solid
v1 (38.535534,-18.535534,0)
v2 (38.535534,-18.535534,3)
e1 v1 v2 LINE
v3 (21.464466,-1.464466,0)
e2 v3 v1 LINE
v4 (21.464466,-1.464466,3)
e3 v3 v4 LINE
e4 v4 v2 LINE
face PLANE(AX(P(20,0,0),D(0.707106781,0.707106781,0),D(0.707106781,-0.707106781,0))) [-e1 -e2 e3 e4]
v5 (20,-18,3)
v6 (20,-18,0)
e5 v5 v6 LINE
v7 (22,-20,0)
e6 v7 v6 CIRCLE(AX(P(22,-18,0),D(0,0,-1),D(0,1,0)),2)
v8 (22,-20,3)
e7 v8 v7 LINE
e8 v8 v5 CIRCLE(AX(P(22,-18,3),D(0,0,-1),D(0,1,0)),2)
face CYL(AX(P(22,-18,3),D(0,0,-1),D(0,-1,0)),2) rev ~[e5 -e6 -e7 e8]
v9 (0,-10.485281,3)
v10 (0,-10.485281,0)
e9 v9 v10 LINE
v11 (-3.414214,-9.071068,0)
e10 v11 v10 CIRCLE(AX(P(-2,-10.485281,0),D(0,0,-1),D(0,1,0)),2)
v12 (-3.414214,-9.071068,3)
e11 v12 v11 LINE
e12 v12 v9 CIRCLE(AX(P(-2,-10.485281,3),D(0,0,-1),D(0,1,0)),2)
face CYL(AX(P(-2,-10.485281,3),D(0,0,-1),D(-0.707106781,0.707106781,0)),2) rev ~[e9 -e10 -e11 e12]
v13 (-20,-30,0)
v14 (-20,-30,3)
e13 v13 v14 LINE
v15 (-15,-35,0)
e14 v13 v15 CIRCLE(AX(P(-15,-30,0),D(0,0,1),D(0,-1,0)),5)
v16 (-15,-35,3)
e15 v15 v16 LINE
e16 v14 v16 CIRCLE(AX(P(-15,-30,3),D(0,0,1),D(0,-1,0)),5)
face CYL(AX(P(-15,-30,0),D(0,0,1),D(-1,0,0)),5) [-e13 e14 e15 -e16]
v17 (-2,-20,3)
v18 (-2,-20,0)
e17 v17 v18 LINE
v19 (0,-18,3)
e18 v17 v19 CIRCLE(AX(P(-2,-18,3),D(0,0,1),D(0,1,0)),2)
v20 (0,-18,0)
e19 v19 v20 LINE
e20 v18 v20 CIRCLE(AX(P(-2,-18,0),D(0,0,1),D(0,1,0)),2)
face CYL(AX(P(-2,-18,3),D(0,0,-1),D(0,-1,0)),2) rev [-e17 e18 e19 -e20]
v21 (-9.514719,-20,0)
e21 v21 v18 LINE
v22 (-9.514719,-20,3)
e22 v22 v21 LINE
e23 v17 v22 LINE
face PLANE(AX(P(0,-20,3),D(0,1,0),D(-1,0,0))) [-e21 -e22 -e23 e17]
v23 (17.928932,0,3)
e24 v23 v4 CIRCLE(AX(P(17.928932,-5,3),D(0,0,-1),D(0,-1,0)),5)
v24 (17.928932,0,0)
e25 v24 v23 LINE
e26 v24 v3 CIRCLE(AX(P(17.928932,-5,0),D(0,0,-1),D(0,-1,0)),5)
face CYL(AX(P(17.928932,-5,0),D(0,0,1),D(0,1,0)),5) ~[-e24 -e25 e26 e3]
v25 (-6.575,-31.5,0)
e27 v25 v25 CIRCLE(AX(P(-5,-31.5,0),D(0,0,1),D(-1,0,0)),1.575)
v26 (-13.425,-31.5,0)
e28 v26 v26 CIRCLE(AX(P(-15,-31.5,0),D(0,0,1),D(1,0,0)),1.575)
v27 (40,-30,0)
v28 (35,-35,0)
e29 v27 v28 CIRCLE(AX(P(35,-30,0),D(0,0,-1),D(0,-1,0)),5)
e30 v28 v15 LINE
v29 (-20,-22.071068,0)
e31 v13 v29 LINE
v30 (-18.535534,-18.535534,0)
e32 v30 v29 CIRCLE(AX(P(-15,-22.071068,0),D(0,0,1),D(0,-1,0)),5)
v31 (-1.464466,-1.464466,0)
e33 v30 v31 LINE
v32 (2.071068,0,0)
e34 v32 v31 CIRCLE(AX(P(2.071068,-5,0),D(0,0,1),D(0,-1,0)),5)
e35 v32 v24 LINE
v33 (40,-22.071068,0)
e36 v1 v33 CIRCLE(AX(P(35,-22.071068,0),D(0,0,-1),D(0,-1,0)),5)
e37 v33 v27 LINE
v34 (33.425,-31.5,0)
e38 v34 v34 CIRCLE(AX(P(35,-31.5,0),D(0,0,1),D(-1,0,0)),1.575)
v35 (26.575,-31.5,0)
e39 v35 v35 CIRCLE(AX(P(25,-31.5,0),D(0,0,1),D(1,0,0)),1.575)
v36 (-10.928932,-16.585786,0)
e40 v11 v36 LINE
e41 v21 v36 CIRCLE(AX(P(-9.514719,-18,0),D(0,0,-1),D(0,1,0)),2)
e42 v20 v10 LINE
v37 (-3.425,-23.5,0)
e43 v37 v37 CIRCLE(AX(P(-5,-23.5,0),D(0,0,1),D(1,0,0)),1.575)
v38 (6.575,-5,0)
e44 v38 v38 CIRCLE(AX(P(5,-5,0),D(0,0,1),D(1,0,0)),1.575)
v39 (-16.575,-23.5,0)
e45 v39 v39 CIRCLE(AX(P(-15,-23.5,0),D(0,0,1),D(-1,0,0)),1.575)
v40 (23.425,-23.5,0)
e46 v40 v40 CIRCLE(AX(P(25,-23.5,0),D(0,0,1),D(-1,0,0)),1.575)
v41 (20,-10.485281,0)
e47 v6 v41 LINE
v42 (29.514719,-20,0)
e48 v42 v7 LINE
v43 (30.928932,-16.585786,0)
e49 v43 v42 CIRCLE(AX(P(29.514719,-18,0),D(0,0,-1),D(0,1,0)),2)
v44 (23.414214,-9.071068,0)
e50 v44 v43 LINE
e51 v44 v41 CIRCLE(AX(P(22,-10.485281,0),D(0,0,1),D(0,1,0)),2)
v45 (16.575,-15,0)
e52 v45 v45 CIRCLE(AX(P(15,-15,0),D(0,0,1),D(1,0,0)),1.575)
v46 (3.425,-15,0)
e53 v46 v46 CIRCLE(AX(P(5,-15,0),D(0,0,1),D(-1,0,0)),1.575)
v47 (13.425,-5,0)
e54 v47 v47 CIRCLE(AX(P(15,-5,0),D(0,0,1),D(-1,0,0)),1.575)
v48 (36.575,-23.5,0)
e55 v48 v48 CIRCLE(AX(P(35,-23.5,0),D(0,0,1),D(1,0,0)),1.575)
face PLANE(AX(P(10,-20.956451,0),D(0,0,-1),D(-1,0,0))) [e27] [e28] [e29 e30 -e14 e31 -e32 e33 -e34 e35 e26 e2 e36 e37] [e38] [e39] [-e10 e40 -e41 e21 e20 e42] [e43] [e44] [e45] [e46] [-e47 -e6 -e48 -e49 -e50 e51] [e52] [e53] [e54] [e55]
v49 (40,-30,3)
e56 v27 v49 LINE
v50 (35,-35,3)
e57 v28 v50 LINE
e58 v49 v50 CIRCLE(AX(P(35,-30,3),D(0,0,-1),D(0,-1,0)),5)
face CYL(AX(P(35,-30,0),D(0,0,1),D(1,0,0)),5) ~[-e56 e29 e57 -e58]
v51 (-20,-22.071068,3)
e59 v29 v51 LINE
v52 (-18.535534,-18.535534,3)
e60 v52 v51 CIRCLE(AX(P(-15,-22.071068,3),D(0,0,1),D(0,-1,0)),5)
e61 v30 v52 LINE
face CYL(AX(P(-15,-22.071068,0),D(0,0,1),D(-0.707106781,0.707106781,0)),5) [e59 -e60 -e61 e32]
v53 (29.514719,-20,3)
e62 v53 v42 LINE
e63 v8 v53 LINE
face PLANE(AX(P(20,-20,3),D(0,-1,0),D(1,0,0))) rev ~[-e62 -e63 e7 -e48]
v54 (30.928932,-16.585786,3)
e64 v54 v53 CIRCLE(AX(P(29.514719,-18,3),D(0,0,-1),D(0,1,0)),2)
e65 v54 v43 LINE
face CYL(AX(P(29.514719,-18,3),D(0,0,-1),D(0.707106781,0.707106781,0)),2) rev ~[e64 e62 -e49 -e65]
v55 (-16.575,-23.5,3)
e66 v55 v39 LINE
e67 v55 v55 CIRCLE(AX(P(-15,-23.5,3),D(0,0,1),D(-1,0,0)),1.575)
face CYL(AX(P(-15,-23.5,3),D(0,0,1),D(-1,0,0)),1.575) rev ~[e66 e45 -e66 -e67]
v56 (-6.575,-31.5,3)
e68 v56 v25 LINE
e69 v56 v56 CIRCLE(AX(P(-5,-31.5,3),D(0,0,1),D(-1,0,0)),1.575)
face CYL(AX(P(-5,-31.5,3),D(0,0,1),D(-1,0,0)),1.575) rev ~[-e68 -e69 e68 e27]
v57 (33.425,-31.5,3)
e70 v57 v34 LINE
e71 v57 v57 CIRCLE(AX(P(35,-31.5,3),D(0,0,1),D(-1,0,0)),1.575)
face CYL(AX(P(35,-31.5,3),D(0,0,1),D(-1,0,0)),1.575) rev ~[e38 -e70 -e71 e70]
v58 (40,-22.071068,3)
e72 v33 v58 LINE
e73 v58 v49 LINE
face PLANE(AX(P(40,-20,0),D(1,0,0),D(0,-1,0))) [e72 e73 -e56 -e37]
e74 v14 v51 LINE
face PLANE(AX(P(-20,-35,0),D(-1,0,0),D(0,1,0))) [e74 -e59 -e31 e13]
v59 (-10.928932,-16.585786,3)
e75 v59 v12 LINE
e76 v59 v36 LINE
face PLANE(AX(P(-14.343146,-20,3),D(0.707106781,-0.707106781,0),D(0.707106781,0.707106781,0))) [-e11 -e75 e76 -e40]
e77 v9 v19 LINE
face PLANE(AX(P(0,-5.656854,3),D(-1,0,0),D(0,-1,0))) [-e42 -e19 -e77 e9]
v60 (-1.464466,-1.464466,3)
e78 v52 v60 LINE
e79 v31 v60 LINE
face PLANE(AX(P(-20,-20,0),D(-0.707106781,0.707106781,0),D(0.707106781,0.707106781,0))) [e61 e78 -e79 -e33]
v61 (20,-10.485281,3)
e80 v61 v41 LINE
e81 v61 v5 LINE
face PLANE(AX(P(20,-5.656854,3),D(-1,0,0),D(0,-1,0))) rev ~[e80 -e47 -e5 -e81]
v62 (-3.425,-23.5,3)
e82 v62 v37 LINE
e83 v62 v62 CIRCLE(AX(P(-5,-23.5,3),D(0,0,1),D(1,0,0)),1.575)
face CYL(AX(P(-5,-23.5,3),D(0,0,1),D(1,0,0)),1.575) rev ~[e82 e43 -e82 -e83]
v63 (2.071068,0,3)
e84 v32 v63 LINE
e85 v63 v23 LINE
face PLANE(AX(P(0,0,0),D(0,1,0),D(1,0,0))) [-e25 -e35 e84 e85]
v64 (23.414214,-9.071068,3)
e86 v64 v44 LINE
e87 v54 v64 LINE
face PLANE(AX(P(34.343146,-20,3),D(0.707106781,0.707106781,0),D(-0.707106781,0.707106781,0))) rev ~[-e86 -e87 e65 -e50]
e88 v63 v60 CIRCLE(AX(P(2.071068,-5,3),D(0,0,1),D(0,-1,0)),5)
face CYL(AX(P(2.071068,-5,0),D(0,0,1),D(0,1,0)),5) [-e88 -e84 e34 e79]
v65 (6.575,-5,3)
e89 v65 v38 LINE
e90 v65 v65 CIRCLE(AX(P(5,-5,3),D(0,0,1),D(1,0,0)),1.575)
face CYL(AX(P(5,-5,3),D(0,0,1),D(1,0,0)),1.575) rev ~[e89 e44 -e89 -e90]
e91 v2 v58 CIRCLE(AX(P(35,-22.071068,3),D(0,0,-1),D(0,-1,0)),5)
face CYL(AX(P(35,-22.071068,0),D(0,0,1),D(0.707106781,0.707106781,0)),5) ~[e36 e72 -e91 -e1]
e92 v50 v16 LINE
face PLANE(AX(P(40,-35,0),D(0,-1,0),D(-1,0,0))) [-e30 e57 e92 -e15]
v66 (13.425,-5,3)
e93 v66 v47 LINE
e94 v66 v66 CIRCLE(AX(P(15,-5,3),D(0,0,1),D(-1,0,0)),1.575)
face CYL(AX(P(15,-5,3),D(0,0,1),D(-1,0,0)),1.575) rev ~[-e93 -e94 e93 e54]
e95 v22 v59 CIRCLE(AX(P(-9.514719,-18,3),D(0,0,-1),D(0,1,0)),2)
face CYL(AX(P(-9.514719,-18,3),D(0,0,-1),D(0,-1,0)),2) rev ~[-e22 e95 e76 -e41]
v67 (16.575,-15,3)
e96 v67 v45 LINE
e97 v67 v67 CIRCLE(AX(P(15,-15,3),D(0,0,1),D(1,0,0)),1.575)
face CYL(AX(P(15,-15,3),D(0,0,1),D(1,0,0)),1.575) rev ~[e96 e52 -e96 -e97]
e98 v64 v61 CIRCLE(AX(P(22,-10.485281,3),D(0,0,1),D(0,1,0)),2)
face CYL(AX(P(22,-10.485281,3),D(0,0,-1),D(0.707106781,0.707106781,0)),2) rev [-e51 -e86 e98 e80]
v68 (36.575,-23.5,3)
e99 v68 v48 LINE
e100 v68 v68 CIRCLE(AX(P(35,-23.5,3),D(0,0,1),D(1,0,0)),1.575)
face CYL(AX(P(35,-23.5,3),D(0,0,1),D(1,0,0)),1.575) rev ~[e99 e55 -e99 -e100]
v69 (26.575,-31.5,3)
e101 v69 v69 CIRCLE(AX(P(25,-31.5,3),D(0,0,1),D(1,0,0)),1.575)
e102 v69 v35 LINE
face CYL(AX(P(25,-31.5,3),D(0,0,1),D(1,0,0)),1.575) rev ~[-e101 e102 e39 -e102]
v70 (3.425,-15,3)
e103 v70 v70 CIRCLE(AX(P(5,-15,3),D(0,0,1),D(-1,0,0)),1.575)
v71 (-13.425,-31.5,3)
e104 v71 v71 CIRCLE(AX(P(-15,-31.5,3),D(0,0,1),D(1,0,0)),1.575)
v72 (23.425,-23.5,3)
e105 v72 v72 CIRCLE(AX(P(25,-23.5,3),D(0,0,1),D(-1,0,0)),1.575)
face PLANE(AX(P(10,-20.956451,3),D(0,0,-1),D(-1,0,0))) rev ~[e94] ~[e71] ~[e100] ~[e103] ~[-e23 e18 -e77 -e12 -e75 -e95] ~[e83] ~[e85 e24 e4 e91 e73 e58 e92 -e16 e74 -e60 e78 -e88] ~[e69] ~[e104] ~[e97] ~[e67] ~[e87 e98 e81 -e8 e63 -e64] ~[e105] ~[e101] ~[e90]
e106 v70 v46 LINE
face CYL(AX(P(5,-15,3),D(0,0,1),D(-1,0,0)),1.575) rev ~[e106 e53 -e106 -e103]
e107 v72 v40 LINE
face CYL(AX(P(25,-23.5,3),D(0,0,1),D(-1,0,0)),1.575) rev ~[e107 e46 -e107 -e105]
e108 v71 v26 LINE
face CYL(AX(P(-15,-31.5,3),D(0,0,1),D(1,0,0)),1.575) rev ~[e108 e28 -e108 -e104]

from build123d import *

# Parameters (mm, degrees)
EXTRUDE_1_DEPTH     = 3
SKETCH_2_R          = 1.575
CUT_EXTRUDE_1_DEPTH = 54.235326617
FILLET_1_R          = 2
FILLET_2_R          = 5


with BuildPart() as part:
    # 草图1 → 凸台-拉伸1 (new body)
    with BuildSketch(Plane.XY):
        Polygon((0, 0), (20, 0), (40, -20), (40, -35), (-20, -35), (-20, -20), align=None)
    extrude(amount=EXTRUDE_1_DEPTH)

    # 草图2 → 切除-拉伸1 (cut, through all)
    with BuildSketch(Plane.XY.offset(3)):
        with Locations((5, -5)):
            Circle(SKETCH_2_R)
        with Locations(Location((15, -5, 0), (0, 0, 180))):
            Circle(SKETCH_2_R)
        with Locations((15, -15)):
            Circle(SKETCH_2_R)
        with Locations(Location((5, -15, 0), (0, 0, 180))):
            Circle(SKETCH_2_R)
        with Locations((-15, -31.5)):
            Circle(SKETCH_2_R)
        with Locations(Location((-15, -23.5, 0), (0, 0, 180))):
            Circle(SKETCH_2_R)
        with Locations(Location((-5, -31.5, 0), (0, 0, 180))):
            Circle(SKETCH_2_R)
        with Locations((-5, -23.5)):
            Circle(SKETCH_2_R)
        with Locations((25, -31.5)):
            Circle(SKETCH_2_R)
        with Locations(Location((35, -31.5, 0), (0, 0, 180))):
            Circle(SKETCH_2_R)
        with Locations(Location((25, -23.5, 0), (0, 0, 180))):
            Circle(SKETCH_2_R)
        with Locations((35, -23.5)):
            Circle(SKETCH_2_R)
        Polygon((0, -5.656854249), (0, -20), (-14.343145751, -20), align=None)
        Polygon((34.343145751, -20), (20, -5.656854249), (20, -20), align=None)
    extrude(amount=-CUT_EXTRUDE_1_DEPTH, mode=Mode.SUBTRACT)

    # 圆角1
    fillet_1_edges = [part.edges().sort_by_distance(p)[0] for p in [
        (34.343145751, -20, 1.5),
        (20, -20, 1.5),
        (20, -5.656854249, 1.5),
        (-14.343145751, -20, 1.5),
        (0, -5.656854249, 1.5),
        (0, -20, 1.5),
    ]]
    fillet(fillet_1_edges, radius=FILLET_1_R)

    # 圆角2
    fillet_2_edges = [part.edges().sort_by_distance(p)[0] for p in [
        (0, 0, 1.5),
        (20, 0, 1.5),
        (40, -20, 1.5),
        (40, -35, 1.5),
        (-20, -35, 1.5),
        (-20, -20, 1.5),
    ]]
    fillet(fillet_2_edges, radius=FILLET_2_R)


solid = part.part
